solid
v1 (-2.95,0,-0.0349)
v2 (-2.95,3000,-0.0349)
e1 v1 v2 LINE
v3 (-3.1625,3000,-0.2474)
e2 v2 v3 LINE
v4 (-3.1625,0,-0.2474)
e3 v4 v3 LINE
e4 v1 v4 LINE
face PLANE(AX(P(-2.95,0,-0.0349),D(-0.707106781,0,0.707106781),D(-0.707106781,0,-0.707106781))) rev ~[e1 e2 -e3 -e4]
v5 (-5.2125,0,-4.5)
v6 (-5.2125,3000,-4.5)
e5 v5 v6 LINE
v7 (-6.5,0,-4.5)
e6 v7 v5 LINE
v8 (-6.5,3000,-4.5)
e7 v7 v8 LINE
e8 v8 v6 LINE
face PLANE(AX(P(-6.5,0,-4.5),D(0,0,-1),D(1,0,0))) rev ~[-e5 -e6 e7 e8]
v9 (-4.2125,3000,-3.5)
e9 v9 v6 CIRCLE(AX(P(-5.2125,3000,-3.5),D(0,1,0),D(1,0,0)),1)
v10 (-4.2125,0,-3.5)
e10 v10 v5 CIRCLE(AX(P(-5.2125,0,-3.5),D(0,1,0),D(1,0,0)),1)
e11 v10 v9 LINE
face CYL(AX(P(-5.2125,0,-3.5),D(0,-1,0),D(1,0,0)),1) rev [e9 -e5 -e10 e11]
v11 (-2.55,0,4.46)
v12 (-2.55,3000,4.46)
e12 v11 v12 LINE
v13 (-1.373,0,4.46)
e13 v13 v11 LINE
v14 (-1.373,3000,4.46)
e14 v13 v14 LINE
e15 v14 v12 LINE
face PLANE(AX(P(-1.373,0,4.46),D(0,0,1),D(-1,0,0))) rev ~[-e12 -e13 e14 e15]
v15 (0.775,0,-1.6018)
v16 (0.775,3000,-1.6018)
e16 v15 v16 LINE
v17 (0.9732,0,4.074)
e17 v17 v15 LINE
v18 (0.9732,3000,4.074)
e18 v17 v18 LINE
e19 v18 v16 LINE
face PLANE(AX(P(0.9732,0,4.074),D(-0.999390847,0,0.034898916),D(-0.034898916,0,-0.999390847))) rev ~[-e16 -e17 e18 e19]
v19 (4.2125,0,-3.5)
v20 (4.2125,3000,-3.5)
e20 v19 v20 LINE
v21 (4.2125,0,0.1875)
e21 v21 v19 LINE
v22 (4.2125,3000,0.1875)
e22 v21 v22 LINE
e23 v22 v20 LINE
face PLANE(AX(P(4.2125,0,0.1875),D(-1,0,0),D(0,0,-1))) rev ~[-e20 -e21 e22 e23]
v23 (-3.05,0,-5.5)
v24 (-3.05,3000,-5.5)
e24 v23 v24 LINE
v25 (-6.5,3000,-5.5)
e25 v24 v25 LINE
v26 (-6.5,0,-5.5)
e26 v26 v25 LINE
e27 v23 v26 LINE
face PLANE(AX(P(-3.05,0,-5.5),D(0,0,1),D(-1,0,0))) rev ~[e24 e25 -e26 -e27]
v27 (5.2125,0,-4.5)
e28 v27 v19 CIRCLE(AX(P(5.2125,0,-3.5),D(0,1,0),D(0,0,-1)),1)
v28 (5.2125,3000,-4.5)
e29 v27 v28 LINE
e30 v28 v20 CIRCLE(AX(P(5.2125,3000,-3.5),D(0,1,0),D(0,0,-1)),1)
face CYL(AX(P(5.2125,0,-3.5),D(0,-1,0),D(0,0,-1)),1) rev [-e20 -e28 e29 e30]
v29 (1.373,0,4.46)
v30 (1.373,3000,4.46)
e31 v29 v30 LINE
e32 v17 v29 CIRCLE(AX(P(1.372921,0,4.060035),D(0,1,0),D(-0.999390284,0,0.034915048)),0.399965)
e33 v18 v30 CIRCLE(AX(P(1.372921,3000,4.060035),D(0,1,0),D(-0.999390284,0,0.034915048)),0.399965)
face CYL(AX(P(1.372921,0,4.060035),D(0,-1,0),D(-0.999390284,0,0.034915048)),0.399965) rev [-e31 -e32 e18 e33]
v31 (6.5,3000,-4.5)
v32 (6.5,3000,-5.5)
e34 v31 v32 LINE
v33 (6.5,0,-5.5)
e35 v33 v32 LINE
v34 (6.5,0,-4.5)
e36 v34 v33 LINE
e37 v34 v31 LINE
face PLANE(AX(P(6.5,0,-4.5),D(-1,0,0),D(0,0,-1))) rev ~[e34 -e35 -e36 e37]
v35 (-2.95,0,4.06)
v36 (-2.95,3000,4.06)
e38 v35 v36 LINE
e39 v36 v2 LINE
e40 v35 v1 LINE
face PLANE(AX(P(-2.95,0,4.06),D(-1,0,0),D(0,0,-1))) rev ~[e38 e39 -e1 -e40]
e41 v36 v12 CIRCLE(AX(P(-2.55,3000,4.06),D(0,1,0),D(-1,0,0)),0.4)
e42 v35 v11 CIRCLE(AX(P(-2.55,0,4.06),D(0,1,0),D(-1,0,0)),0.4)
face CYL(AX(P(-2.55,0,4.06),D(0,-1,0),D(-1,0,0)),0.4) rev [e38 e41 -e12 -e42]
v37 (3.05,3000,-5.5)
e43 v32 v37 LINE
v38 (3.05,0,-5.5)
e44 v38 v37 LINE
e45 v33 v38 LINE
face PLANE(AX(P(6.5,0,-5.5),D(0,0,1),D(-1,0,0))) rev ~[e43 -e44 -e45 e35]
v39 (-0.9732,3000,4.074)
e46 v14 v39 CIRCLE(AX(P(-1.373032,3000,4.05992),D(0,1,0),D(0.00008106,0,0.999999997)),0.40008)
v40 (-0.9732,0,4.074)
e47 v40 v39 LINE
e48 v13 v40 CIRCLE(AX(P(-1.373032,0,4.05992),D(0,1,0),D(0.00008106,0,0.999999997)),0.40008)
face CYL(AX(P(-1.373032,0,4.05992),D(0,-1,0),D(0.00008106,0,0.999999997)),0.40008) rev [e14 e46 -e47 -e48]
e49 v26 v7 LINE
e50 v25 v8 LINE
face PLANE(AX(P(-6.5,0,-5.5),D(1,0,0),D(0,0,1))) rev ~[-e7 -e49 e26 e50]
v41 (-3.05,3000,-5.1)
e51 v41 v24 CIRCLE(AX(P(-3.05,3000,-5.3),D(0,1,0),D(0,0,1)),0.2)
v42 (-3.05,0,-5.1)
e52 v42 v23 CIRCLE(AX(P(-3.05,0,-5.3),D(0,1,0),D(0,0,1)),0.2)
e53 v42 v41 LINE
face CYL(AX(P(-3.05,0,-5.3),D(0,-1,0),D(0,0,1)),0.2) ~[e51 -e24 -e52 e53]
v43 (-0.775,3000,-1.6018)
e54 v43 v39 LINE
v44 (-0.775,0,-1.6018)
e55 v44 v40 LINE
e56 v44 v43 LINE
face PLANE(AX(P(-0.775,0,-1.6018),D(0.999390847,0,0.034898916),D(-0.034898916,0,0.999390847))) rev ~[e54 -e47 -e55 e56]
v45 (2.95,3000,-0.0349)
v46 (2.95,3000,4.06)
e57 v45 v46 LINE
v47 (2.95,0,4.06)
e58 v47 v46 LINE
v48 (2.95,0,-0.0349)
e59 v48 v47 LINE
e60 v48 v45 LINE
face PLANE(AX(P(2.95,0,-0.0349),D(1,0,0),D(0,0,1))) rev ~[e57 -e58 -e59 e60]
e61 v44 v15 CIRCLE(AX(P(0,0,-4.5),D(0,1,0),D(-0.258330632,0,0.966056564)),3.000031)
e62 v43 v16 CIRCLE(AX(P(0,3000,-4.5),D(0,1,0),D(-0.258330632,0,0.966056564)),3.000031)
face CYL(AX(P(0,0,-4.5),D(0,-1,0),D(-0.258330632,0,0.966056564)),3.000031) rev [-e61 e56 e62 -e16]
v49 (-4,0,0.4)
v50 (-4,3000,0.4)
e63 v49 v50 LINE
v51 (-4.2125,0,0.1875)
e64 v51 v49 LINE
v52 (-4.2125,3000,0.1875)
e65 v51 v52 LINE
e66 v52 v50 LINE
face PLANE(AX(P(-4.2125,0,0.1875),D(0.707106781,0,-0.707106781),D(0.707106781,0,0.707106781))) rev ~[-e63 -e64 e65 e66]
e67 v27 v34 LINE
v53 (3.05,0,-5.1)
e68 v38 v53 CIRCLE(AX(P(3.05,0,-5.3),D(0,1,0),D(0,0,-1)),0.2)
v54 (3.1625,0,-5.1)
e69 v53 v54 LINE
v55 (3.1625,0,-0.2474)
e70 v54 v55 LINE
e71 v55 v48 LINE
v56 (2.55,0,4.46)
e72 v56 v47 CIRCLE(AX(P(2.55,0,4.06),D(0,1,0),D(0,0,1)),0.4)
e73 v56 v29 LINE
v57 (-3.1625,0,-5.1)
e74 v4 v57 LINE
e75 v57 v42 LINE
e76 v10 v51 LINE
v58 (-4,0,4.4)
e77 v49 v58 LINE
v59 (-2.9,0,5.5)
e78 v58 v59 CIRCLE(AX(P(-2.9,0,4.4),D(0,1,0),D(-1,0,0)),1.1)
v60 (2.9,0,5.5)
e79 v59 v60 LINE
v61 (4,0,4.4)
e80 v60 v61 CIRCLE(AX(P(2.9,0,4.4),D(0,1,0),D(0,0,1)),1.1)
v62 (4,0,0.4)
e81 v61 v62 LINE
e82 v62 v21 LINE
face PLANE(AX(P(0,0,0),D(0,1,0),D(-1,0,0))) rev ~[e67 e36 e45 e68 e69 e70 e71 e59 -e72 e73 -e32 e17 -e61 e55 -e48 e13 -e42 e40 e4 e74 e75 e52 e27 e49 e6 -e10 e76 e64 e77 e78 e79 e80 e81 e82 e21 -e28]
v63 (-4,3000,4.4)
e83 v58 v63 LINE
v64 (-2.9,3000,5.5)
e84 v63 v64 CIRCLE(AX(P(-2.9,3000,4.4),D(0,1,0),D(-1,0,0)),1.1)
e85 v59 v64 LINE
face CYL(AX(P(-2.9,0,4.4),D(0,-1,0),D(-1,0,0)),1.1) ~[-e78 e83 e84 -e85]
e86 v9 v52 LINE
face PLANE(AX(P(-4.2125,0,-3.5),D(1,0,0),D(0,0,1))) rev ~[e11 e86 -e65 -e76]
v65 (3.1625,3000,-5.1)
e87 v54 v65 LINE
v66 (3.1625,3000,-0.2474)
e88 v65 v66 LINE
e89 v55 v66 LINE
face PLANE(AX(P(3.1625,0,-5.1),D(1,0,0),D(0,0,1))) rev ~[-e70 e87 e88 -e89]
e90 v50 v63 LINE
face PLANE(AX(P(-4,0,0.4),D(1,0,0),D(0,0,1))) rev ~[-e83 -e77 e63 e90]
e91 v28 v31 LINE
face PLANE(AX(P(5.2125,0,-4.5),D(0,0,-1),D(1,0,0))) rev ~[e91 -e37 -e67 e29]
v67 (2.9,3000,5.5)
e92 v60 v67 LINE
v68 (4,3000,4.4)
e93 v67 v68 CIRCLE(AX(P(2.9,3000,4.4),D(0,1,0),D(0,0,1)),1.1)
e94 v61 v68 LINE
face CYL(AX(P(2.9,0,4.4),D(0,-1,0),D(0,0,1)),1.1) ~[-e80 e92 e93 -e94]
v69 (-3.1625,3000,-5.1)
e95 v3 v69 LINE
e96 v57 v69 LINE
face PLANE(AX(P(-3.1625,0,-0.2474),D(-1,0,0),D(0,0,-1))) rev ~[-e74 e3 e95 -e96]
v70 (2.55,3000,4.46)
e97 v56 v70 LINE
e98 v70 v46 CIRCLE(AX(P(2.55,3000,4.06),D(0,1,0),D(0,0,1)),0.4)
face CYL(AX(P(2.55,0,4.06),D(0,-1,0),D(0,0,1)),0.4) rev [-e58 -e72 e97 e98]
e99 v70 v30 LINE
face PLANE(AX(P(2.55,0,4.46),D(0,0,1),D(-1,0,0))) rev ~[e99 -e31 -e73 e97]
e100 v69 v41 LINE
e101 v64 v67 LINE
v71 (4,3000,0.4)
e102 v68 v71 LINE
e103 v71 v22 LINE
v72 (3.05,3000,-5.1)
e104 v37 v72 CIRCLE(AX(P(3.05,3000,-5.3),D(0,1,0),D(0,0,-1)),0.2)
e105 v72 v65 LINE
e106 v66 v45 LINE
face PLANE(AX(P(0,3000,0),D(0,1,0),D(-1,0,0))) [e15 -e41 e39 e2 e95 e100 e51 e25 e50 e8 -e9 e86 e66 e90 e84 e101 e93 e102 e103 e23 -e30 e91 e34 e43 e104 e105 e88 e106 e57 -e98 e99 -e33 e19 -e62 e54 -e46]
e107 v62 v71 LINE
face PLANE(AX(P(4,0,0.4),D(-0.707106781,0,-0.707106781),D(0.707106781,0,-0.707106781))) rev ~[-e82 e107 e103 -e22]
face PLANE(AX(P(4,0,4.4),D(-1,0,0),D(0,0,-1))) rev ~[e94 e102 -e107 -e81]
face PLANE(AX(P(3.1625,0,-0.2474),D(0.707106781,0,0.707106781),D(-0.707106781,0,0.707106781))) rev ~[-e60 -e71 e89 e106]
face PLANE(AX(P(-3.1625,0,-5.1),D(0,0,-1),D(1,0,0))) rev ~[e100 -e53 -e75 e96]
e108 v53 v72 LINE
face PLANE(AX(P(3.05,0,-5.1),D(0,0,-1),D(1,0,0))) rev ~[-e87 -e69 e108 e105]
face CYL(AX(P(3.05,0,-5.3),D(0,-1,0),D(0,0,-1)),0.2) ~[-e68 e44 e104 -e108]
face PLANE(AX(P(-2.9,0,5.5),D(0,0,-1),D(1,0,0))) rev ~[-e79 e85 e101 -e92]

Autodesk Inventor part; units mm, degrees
ref_plane "YZ Plane" through (0, 0, 0) normal (1, 0, 0) x (0, 1, 0)
ref_plane "Start Plane" through (0, 0, 0) normal (0, 1, 0) x (-1, 0, 0)
ref_plane "End Plane" through (0, 100, 0) normal (0, 1, 0) x (-1, 0, 0)
sketch "Sketch1" plane through (0, 0, 0) normal (0, 1, 0) x (-1, 0, 0)
  arc A0 (-3.05, -5.5) -> (-3.05, -5.1) centre (-3.05, -5.3) ccw
  line L0 (-3.05, -5.1) -> (-3.1625, -5.1)
  line L1 (-3.1625, -5.1) -> (-3.1625, -0.2474)
  line L2 (-3.1625, -0.2474) -> (-2.95, -0.0349)
  line L3 (-2.95, -0.0349) -> (-2.95, 4.06)
  arc A1 (-2.55, 4.46) -> (-2.95, 4.06) centre (-2.55, 4.06) ccw
  line L4 (-2.55, 4.46) -> (-1.373, 4.46)
  arc A2 (-0.9732, 4.074) -> (-1.373, 4.46) centre (-1.373, 4.06) ccw
  line L5 (-0.9732, 4.074) -> (-0.775, -1.6018)
  arc A3 (0.775, -1.6018) -> (-0.775, -1.6018) centre (0, -4.5) ccw
  line L6 (0.775, -1.6018) -> (0.9732, 4.074)
  arc A4 (1.373, 4.46) -> (0.9732, 4.074) centre (1.373, 4.06) ccw
  line L7 (1.373, 4.46) -> (2.55, 4.46)
  arc A5 (2.95, 4.06) -> (2.55, 4.46) centre (2.55, 4.06) ccw
  line L8 (2.95, 4.06) -> (2.95, -0.0349)
  line L9 (2.95, -0.0349) -> (3.1625, -0.2474)
  line L10 (3.1625, -0.2474) -> (3.1625, -5.1)
  line L11 (3.1625, -5.1) -> (3.05, -5.1)
  arc A6 (3.05, -5.1) -> (3.05, -5.5) centre (3.05, -5.3) ccw
  line L12 (3.05, -5.5) -> (6.5, -5.5)
  line L13 (6.5, -5.5) -> (6.5, -4.5)
  line L14 (6.5, -4.5) -> (5.2125, -4.5)
  arc A7 (4.2125, -3.5) -> (5.2125, -4.5) centre (5.2125, -3.5) ccw
  line L15 (4.2125, -3.5) -> (4.2125, 0.1875)
  line L16 (4.2125, 0.1875) -> (4, 0.4)
  line L17 (4, 0.4) -> (4, 4.4)
  arc A8 (4, 4.4) -> (2.9, 5.5) centre (2.9, 4.4) ccw
  line L18 (2.9, 5.5) -> (-2.9, 5.5)
  arc A9 (-2.9, 5.5) -> (-4, 4.4) centre (-2.9, 4.4) ccw
  line L19 (-4, 4.4) -> (-4, 0.4)
  line L20 (-4, 0.4) -> (-4.2125, 0.1875)
  line L21 (-4.2125, 0.1875) -> (-4.2125, -3.5)
  arc A10 (-5.2125, -4.5) -> (-4.2125, -3.5) centre (-5.2125, -3.5) ccw
  line L22 (-5.2125, -4.5) -> (-6.5, -4.5)
  line L23 (-6.5, -4.5) -> (-6.5, -5.5)
  line L24 (-6.5, -5.5) -> (-3.05, -5.5)
  point P0 (0, 0)
extrude "Body" add sketch "Sketch1" along normal blind 3000 from surface at 0
sketch "Sketch2" plane through (0, 0, 0) normal (0, 1, 0) x (-1, 0, 0)
  line L0 (0, 0) -> (10, 0)
ref_plane "Work Plane3" through (0, 0, 0) normal (0, 0, -1) x (-1, 0, 0)
sketch "Sketch3" plane through (0, 0, 0) normal (0, 0, -1) x (-1, 0, 0)
  line L0 (-2, 0) -> (12, 0)
  line L1 (-2, 100) -> (12, 100)
  dimension "d7" = 100
equation "\"G_OFFSET_START\" = 0"
equation "\"G_OFFSET_END\" = 0"
equation "\"G_L\" = d7"
properties part number "13-106"
